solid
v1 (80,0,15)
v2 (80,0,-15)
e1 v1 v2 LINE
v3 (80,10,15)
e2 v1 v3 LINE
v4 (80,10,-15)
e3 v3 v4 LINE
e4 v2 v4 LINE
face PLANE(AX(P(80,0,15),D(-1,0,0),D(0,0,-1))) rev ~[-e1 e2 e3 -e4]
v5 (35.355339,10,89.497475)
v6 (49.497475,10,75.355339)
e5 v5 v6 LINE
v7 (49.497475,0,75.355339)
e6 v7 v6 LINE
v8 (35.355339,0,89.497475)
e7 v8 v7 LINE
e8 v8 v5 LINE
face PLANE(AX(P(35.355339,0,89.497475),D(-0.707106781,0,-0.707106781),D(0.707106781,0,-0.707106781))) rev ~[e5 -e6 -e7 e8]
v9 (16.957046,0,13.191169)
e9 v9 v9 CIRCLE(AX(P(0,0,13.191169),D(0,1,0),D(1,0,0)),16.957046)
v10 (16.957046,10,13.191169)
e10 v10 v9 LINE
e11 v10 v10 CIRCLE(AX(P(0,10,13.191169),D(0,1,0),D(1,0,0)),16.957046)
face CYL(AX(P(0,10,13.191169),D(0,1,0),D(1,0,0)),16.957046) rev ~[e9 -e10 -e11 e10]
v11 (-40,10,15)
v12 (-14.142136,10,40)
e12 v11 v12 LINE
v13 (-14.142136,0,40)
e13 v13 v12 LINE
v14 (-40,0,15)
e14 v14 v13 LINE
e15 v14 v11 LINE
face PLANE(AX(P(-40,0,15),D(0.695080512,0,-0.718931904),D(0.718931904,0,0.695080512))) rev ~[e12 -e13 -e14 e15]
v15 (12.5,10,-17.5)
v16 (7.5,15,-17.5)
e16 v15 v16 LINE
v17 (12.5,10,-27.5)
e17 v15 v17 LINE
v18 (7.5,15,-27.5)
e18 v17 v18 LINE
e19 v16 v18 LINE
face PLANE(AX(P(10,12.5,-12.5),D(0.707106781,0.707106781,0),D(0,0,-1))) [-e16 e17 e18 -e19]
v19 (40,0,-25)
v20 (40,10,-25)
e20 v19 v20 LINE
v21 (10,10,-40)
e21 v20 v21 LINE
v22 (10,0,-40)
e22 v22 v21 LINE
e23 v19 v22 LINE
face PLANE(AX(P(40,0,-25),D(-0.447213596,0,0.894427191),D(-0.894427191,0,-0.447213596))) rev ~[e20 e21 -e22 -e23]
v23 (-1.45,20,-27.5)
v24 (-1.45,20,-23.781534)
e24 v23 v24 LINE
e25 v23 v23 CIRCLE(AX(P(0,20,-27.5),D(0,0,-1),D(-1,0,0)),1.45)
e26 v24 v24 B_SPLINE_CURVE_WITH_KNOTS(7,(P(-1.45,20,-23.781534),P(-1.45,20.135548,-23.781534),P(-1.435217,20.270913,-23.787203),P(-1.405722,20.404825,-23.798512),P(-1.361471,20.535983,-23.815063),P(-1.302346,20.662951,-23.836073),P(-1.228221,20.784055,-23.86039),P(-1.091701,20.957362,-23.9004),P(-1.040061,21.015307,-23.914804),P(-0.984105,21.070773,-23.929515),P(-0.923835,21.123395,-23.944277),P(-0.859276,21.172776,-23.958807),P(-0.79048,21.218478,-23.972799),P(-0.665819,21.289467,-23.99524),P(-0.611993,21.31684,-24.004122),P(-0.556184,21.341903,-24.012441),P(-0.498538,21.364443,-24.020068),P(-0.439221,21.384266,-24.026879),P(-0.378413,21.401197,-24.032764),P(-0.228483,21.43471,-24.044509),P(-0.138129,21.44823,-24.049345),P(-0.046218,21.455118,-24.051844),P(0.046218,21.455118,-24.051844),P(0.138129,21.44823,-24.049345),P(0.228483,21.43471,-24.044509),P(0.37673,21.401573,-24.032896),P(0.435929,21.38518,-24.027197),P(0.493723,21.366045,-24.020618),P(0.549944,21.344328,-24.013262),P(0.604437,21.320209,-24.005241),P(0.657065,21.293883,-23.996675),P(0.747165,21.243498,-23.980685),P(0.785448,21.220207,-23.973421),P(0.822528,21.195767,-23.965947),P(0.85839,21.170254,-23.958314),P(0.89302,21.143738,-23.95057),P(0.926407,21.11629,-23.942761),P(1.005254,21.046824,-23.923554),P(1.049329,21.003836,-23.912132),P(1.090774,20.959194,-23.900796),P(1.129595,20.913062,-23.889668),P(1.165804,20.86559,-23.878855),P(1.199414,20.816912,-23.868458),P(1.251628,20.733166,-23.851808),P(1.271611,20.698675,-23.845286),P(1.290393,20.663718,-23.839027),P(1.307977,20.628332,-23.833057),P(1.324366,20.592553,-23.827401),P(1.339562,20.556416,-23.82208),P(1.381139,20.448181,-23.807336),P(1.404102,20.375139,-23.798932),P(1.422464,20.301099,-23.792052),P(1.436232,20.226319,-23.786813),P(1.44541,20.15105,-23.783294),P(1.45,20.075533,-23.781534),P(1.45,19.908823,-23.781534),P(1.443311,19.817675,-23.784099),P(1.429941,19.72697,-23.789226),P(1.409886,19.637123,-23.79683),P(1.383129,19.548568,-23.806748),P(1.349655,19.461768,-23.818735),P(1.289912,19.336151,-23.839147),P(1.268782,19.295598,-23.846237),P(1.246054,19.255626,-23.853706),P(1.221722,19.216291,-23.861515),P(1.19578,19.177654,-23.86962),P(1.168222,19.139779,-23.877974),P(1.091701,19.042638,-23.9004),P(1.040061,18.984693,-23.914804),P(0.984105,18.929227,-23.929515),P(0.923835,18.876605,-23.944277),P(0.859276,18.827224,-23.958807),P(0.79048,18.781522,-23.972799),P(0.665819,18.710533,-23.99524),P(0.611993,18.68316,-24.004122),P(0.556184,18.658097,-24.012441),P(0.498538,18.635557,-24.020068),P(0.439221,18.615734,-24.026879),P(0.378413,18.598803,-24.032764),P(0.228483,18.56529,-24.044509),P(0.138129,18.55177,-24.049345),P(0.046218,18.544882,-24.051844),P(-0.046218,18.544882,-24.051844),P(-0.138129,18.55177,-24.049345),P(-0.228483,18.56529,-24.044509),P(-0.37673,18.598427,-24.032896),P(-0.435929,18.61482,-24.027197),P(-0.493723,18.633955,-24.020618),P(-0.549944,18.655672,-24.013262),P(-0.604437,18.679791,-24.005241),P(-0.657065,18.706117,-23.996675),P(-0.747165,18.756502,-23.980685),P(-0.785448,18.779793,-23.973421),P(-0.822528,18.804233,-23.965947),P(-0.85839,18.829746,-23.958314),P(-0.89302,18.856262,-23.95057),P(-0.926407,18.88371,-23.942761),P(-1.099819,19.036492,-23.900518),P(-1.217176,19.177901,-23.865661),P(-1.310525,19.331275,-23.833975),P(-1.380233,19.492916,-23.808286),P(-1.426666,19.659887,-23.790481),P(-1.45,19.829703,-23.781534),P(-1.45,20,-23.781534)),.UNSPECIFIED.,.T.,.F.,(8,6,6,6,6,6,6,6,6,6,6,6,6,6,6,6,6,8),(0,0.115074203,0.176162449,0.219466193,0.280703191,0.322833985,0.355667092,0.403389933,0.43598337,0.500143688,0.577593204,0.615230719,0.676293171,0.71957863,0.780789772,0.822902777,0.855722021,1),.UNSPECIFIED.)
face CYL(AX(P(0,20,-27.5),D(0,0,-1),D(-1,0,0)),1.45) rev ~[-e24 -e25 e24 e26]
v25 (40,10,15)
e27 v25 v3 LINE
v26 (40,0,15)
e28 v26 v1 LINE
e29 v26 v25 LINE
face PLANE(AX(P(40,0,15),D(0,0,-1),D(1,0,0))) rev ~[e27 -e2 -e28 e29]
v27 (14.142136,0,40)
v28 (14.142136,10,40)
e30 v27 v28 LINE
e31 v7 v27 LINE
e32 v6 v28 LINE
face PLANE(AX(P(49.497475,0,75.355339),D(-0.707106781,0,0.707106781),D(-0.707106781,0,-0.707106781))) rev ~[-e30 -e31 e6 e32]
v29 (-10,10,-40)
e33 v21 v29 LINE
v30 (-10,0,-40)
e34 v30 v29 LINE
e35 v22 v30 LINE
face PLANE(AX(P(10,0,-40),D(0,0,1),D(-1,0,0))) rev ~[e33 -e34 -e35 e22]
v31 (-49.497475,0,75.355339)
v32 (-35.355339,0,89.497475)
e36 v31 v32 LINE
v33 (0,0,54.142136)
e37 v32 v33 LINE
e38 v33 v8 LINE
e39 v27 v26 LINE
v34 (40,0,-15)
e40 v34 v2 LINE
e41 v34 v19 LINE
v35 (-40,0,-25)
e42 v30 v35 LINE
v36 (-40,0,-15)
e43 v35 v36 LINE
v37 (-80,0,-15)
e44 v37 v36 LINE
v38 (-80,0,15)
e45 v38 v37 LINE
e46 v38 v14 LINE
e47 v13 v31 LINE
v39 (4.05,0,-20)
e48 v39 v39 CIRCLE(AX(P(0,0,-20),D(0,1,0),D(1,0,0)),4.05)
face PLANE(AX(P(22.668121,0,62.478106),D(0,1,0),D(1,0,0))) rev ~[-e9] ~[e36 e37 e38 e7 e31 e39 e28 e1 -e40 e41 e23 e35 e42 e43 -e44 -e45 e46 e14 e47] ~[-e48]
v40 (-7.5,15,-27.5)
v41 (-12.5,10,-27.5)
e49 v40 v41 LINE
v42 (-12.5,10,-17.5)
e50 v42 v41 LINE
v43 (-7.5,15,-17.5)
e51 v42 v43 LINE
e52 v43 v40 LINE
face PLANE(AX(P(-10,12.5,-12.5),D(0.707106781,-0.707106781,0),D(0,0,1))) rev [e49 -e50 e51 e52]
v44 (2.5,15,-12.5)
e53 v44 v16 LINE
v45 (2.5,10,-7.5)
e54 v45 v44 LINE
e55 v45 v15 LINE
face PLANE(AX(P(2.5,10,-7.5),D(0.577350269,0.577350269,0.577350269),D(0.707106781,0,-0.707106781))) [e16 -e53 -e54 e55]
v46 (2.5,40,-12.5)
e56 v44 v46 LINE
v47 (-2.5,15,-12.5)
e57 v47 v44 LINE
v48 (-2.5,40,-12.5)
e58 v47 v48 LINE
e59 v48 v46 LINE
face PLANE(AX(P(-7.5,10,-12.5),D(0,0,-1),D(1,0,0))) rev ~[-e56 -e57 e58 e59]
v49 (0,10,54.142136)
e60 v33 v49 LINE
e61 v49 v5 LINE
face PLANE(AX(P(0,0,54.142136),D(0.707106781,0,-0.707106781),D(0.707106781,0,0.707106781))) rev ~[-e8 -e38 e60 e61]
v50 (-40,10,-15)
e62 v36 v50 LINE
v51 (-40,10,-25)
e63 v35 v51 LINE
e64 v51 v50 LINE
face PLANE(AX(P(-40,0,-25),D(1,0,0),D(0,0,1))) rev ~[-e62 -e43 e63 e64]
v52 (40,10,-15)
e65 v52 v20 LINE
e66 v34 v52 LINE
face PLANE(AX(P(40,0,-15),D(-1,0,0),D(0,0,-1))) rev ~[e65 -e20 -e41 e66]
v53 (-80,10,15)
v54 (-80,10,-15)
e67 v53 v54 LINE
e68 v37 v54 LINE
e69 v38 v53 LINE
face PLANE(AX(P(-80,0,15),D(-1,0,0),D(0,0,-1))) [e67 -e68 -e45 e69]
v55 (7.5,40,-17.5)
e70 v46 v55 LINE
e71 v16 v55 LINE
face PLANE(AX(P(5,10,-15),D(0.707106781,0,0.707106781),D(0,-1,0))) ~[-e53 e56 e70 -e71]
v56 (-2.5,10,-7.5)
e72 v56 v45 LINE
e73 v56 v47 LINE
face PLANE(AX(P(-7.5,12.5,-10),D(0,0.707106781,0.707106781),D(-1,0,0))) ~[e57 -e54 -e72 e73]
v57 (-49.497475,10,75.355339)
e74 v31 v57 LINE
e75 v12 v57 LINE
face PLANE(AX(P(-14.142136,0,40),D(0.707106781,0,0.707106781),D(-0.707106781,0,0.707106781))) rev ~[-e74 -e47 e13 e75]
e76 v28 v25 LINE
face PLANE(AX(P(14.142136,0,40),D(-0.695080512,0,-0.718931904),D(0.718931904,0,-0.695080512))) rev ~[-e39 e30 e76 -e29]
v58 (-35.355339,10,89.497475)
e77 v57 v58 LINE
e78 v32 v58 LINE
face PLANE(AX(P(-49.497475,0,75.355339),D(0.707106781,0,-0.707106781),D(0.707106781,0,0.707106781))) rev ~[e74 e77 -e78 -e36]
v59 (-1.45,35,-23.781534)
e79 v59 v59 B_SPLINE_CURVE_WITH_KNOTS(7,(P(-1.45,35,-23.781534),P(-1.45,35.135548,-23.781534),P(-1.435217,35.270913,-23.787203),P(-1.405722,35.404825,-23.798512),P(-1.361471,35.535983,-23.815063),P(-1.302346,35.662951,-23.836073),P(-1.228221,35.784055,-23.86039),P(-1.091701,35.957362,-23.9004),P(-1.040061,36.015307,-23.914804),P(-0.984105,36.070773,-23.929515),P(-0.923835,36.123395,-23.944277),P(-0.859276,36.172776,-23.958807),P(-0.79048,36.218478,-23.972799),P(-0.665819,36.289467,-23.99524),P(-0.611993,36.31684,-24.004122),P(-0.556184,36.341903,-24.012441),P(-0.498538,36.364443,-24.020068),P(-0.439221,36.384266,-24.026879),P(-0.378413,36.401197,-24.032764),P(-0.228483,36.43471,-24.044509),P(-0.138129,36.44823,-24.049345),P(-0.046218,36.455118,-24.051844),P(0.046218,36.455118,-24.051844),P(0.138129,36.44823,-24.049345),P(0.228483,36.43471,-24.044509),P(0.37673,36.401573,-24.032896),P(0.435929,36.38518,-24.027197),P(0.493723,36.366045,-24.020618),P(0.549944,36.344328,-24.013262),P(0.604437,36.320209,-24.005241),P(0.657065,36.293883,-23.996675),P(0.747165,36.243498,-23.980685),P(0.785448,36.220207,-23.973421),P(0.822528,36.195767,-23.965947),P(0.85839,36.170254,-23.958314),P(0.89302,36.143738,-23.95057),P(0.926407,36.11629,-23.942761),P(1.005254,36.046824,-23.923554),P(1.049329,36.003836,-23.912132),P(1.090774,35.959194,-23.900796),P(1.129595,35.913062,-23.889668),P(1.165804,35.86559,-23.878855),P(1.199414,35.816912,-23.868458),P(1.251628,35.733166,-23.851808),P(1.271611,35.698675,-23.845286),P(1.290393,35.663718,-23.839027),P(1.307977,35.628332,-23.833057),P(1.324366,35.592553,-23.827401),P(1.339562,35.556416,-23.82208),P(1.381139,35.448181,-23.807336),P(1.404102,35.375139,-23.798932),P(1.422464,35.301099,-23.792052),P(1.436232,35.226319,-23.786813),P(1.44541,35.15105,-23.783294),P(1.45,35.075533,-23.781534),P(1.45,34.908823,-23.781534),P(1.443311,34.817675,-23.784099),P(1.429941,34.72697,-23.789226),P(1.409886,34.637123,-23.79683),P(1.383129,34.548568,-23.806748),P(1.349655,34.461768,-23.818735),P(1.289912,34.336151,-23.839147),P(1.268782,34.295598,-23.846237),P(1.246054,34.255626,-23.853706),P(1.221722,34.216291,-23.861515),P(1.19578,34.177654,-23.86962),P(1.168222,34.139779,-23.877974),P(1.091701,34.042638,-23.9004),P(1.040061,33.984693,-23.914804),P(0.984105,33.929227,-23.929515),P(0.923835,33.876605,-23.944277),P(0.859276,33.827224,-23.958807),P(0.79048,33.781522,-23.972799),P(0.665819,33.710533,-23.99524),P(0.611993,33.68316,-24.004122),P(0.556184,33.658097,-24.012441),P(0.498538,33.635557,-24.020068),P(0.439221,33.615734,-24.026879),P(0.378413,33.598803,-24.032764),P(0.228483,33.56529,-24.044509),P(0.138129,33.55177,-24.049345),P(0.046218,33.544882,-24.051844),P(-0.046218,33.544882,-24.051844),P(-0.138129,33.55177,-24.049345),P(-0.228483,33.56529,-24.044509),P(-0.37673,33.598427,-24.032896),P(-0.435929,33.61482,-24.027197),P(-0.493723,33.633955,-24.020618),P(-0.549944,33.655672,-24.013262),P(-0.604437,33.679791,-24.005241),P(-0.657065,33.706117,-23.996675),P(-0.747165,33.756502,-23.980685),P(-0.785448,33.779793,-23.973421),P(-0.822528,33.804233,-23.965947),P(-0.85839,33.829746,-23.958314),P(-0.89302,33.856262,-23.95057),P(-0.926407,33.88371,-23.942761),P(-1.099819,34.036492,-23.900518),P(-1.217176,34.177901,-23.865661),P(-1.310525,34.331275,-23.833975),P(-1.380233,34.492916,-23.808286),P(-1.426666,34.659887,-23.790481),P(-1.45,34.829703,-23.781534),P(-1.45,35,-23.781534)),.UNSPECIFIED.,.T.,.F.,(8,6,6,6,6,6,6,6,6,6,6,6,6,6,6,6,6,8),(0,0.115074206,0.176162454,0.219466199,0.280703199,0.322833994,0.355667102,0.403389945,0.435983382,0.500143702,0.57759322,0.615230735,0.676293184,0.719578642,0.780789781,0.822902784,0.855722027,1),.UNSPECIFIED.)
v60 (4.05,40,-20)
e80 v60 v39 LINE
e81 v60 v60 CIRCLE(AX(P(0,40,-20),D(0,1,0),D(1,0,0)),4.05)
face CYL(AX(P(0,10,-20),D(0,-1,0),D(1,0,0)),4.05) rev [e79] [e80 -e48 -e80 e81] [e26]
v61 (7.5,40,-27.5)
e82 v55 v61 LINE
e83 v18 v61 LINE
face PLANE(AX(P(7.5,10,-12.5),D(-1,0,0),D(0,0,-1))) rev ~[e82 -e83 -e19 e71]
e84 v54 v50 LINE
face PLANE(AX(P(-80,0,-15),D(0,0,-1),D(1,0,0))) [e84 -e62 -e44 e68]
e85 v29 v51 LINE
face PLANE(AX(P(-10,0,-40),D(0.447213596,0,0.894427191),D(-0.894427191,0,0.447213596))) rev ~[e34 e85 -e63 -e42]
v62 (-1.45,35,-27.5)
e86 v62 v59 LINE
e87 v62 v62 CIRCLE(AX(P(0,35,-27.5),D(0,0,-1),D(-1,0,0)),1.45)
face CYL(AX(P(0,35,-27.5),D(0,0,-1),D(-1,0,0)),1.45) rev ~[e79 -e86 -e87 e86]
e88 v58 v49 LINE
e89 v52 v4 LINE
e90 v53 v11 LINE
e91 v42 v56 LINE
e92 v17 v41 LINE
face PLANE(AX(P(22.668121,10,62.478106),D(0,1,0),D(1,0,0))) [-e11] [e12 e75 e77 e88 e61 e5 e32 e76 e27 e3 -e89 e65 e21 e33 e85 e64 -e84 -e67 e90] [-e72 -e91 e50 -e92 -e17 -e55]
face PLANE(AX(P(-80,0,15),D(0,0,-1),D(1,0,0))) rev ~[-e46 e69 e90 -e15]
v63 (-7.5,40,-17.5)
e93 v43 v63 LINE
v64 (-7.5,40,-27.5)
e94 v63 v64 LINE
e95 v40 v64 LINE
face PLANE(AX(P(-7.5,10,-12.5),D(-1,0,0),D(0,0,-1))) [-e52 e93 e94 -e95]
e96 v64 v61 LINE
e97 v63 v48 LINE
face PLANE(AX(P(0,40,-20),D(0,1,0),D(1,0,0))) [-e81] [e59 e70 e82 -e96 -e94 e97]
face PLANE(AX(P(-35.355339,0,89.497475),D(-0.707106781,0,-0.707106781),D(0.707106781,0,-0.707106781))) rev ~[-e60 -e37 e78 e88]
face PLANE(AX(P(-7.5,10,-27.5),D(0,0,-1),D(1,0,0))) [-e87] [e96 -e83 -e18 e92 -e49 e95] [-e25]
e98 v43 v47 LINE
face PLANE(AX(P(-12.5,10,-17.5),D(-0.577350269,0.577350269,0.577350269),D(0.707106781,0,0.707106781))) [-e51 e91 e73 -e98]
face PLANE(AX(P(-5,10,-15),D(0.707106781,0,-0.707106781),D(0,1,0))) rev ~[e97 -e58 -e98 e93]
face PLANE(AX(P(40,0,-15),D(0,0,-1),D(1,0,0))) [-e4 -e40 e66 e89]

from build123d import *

# Parameters (mm, degrees)
SKETCH1_W           = 40
SKETCH1_H           = 30
BOSS_EXTRUDE1_DEPTH = 10
SKETCH2_R           = 4.05
CUT_EXTRUDE1_DEPTH  = 10
SKETCH3_W           = 15
SKETCH3_H           = 15
SKETCH3_R           = 4.05
BOSS_EXTRUDE2_DEPTH = 30
SKETCH4_R           = 1.45
CUT_EXTRUDE2_DEPTH  = 5
CHAMFER1_SIZE       = 5
SKETCH5_R           = 16.957046222
CUT_EXTRUDE3_DEPTH  = 10


with BuildPart() as part:
    # Sketch1 → Boss-Extrude1 (new body)
    with BuildSketch(Plane(origin=(0, 0, 0), x_dir=(1, 0, 0), z_dir=(0, 1, 0))):
        Polygon((14.142135624, -40), (0, -40), (7.071067812, -47.071067812), (0, -54.142135624), (35.355339059, -89.497474683), (49.497474683, -75.355339059), align=None)
        Polygon((7.071067812, -47.071067812), (0, -40), (-7.071067812, -47.071067812), (0, -54.142135624), align=None)
        Polygon((0, -40), (-14.142135624, -40), (-49.497474683, -75.355339059), (-35.355339059, -89.497474683), (0, -54.142135624), (-7.071067812, -47.071067812), align=None)
        Polygon((10, 40), (-10, 40), (-40, 25), (-40, 15), (-40, -15), (-14.142135624, -40), (-7.071067812, -32.928932188), (0, -40), (7.071067812, -32.928932188), (14.142135624, -40), (40, -15), (40, 15), (40, 25), align=None)
        Polygon((7.071067812, -32.928932188), (0, -40), (14.142135624, -40), align=None)
        Polygon((-7.071067812, -32.928932188), (-14.142135624, -40), (0, -40), align=None)
        with Locations((-60, 0)):
            Rectangle(SKETCH1_W, SKETCH1_H)
        with Locations((60, 0)):
            Rectangle(SKETCH1_W, SKETCH1_H)
    extrude(amount=BOSS_EXTRUDE1_DEPTH)

    # Sketch2 → Cut-Extrude1 (cut)
    with BuildSketch(Plane(origin=(0, 10, 0), x_dir=(1, 0, 0), z_dir=(0, 1, 0))):
        with Locations((0, 20)):
            Circle(SKETCH2_R)
    extrude(amount=-CUT_EXTRUDE1_DEPTH, mode=Mode.SUBTRACT)

    # Sketch3 → Boss-Extrude2 (add)
    with BuildSketch(Plane(origin=(0, 10, 0), x_dir=(1, 0, 0), z_dir=(0, 1, 0))):
        with Locations((0, 20)):
            Rectangle(SKETCH3_W, SKETCH3_H)
        with Locations((0, 20)):
            Circle(SKETCH3_R, mode=Mode.SUBTRACT)
    extrude(amount=BOSS_EXTRUDE2_DEPTH)

    # Sketch4 → Cut-Extrude2 (cut)
    with BuildSketch(Plane(origin=(0, 0, -27.5), x_dir=(-1, 0, 0), z_dir=(0, 0, -1))):
        with Locations((0, 35)):
            Circle(SKETCH4_R)
        with Locations((0, 20)):
            Circle(SKETCH4_R)
    extrude(amount=-CUT_EXTRUDE2_DEPTH, mode=Mode.SUBTRACT)

    # Chamfer1
    chamfer1_edges = [part.edges().sort_by_distance(p)[0] for p in [
        (7.5, 10, -20),
        (7.5, 25, -12.5),
        (-7.5, 10, -20),
        (0, 10, -12.5),
        (-7.5, 25, -12.5),
    ]]
    chamfer(chamfer1_edges, length=CHAMFER1_SIZE)

    # Sketch5 → Cut-Extrude3 (cut)
    with BuildSketch(Plane(origin=(0, 10, 0), x_dir=(1, 0, 0), z_dir=(0, 1, 0))):
        with Locations((0, -13.19116881)):
            Circle(SKETCH5_R)
    extrude(amount=-CUT_EXTRUDE3_DEPTH, mode=Mode.SUBTRACT)


solid = part.part
